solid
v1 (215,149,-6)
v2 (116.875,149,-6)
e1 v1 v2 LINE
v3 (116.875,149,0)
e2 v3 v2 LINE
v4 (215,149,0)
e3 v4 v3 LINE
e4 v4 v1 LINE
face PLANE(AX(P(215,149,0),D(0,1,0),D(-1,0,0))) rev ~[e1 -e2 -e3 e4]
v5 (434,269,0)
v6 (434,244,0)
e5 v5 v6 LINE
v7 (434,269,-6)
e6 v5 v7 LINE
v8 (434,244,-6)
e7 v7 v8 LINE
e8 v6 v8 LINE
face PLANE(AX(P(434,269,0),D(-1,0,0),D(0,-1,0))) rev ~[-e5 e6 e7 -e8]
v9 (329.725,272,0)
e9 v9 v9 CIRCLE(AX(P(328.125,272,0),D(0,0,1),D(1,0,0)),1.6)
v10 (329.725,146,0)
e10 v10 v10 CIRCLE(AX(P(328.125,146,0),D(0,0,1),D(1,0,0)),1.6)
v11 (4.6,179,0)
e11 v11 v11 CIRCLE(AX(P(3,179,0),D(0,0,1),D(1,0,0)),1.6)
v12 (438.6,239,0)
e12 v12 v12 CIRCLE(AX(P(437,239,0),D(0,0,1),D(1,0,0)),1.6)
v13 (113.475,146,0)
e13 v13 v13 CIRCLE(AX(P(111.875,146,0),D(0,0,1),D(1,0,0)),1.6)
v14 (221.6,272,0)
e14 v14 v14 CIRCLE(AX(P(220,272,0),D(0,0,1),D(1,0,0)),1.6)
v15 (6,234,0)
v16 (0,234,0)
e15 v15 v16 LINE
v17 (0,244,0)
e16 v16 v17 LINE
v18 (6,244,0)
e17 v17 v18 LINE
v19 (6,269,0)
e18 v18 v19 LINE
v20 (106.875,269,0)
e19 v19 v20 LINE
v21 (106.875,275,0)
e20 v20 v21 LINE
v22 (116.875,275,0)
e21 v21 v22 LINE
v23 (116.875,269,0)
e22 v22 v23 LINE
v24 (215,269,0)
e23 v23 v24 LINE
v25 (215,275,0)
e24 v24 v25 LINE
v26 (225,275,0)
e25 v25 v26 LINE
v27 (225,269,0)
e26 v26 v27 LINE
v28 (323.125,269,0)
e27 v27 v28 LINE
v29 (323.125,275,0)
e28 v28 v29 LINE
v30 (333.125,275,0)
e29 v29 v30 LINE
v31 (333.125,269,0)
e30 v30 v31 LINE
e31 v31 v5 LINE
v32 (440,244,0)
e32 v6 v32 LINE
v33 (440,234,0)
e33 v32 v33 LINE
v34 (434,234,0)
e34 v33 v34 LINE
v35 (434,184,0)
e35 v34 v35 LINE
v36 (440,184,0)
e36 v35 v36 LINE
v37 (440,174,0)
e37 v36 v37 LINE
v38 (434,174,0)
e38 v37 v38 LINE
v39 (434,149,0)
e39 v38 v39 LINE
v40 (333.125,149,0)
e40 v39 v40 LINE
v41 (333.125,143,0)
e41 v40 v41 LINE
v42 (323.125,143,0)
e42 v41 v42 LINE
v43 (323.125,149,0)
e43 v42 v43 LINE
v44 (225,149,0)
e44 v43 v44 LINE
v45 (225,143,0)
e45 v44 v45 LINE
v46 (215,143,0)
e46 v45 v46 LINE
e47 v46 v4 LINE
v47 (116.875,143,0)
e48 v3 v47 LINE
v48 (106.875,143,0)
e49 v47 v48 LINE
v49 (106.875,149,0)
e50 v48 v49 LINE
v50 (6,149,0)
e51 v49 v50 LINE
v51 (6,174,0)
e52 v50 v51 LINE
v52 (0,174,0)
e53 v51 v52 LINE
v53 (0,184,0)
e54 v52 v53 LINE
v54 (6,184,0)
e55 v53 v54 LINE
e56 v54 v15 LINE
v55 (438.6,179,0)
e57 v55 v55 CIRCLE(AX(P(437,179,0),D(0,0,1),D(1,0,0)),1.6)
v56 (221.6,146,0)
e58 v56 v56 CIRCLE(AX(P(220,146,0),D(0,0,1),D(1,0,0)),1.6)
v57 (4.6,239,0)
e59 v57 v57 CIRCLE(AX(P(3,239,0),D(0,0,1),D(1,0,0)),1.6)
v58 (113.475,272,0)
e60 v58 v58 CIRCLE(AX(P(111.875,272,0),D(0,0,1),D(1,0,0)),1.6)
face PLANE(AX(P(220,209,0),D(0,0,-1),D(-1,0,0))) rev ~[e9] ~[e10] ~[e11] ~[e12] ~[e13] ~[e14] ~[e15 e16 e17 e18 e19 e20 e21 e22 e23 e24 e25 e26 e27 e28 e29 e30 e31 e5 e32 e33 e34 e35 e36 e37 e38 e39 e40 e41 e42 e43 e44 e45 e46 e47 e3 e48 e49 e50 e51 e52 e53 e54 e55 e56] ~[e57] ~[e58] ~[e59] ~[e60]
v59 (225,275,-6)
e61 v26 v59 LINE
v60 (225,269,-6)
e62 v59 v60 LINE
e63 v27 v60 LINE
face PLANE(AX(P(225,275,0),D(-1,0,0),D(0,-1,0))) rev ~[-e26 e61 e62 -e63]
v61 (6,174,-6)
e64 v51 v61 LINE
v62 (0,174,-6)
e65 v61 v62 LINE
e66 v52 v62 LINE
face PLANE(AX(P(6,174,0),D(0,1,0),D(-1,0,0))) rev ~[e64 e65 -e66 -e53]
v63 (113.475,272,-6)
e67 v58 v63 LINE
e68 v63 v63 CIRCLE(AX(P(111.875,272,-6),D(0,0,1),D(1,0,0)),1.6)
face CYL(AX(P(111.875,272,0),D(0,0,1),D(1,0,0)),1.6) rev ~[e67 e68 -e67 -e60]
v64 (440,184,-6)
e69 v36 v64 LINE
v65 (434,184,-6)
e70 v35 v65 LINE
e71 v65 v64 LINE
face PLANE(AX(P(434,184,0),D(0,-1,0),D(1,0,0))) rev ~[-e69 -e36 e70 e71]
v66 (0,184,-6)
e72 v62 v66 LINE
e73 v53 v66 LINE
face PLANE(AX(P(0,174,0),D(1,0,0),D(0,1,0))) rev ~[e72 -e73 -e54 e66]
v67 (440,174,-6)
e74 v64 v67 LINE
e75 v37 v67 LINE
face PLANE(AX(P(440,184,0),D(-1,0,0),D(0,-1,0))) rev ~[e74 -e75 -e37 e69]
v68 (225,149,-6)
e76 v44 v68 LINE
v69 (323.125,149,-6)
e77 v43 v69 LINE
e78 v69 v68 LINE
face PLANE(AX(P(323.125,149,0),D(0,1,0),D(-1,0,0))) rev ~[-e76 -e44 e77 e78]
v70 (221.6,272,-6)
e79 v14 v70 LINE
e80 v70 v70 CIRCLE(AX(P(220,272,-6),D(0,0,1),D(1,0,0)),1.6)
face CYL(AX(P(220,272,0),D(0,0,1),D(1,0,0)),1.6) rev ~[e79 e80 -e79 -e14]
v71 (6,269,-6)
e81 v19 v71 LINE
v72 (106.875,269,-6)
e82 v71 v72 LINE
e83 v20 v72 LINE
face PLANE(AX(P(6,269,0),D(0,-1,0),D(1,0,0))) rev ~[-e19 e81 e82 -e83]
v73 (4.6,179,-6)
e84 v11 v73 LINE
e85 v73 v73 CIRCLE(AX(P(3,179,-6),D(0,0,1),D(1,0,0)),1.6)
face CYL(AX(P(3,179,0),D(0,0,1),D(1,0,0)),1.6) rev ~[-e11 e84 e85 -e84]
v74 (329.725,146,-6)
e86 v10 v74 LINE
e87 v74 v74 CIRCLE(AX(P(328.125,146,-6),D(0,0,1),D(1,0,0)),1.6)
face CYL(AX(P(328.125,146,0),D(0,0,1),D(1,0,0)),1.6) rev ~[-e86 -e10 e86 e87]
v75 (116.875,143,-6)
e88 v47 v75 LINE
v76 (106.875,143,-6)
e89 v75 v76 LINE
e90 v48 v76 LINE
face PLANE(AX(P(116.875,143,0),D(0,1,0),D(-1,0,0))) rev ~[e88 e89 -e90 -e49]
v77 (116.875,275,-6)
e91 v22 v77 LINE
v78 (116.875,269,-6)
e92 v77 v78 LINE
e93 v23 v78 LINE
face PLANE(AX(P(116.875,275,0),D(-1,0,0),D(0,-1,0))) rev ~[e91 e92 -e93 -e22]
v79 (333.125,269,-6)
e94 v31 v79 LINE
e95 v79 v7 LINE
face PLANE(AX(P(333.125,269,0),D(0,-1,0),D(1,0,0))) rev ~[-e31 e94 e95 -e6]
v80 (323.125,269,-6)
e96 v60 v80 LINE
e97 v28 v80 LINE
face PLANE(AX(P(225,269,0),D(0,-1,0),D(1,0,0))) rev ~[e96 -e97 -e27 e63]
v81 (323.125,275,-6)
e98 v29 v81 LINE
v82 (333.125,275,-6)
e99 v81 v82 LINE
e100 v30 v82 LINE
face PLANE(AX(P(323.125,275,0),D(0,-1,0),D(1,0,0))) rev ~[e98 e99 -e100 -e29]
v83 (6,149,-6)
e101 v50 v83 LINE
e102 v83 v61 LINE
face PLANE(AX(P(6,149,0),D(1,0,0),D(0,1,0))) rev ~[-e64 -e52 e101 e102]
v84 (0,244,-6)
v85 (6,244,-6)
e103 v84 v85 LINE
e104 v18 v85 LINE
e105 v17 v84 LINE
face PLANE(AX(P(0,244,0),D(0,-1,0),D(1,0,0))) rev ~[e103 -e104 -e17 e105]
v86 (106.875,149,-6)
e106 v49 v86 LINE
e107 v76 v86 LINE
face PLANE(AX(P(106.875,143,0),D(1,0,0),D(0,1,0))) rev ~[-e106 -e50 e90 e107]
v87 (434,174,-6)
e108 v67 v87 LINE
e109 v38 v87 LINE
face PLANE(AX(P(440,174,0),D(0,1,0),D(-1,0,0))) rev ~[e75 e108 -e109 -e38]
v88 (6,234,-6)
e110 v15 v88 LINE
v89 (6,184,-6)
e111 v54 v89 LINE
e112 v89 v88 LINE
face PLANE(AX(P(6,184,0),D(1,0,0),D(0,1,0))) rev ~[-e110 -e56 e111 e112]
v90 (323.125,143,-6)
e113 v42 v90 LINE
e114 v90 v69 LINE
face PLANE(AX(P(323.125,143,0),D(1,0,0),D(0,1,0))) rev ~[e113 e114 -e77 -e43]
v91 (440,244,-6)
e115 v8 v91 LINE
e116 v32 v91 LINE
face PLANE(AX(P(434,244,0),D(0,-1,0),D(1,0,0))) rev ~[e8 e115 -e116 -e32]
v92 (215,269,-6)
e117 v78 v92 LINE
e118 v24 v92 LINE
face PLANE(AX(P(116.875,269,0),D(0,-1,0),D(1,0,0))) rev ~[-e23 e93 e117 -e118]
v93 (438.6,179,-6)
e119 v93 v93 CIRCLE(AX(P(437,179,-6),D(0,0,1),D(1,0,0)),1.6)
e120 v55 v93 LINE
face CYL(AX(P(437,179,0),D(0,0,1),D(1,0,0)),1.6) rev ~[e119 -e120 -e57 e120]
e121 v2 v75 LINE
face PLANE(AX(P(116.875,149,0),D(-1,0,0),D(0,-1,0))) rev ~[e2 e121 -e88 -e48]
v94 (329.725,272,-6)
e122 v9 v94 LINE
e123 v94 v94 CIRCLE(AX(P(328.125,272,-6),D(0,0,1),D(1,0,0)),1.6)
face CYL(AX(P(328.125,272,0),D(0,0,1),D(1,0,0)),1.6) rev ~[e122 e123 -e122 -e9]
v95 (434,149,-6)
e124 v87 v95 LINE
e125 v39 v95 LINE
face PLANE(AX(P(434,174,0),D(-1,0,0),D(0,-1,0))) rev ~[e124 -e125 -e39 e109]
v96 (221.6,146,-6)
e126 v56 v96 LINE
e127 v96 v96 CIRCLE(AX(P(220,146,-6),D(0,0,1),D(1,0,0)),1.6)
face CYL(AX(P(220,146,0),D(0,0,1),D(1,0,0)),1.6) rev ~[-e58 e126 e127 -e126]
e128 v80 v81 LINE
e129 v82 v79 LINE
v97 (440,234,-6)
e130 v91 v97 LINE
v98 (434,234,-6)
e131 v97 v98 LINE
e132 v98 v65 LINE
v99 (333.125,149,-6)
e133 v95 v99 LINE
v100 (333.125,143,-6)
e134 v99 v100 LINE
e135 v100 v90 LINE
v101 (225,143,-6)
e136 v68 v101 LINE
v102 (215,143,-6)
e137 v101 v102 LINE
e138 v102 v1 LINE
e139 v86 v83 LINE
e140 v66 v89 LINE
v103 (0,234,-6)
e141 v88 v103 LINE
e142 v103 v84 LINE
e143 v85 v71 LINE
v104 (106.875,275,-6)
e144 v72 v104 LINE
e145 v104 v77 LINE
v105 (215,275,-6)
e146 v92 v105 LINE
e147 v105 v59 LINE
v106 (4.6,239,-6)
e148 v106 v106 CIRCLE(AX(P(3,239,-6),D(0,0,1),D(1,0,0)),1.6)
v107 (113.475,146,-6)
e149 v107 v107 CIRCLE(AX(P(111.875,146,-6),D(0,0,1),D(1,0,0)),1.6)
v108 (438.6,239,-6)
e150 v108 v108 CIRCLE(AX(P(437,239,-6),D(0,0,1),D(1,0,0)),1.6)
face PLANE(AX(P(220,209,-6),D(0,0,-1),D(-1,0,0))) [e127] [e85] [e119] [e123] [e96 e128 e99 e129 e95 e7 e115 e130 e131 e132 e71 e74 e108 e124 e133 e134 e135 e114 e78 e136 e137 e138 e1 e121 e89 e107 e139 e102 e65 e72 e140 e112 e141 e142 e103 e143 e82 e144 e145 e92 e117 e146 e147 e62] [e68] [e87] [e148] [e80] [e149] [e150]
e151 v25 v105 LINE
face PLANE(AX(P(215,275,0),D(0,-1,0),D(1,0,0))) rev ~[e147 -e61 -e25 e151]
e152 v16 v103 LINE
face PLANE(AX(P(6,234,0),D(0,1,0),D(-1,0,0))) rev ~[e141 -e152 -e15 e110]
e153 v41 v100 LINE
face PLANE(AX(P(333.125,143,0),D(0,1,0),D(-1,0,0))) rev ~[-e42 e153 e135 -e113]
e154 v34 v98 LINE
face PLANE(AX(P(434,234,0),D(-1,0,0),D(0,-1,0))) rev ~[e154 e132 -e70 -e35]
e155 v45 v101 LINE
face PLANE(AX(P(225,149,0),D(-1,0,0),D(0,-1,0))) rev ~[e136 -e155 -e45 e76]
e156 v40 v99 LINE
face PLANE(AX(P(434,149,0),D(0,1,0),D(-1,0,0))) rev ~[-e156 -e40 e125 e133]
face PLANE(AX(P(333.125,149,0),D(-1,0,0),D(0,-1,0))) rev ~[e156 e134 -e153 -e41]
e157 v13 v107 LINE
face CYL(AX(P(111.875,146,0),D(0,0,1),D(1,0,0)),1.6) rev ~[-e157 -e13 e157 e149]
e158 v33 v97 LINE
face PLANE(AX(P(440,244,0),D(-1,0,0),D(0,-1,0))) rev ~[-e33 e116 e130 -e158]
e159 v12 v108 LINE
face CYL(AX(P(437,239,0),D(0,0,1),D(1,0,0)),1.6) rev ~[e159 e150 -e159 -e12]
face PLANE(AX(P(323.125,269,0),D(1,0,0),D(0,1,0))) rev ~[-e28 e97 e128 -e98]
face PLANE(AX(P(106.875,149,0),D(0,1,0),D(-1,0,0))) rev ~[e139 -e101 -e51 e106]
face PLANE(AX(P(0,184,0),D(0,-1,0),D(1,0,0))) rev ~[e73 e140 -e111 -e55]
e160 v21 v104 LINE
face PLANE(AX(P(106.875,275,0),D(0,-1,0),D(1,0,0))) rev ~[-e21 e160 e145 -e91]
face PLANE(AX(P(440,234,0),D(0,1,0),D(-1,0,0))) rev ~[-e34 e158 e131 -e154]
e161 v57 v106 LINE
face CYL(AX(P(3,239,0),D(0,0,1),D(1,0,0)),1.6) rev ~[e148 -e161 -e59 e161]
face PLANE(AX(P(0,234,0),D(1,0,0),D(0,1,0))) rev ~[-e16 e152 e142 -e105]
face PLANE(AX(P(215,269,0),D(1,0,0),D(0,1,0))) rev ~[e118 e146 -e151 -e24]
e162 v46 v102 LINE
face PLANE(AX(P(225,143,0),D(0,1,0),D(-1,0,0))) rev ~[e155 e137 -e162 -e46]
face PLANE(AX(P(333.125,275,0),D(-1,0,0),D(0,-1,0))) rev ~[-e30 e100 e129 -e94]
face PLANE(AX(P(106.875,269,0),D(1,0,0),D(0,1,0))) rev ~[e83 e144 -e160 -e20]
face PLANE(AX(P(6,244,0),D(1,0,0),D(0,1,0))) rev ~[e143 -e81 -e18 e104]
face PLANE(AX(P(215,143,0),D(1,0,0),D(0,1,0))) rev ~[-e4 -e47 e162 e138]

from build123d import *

# Parameters (mm, degrees)
SKETCH1_R           = 1.6
BOSS_EXTRUDE1_DEPTH = 6


with BuildPart() as part:
    # Sketch1 → Boss-Extrude1 (new body)
    with BuildSketch(Plane.XY):
        Polygon((6, 269), (106.875, 269), (106.875, 275), (116.875, 275), (116.875, 269), (215, 269), (215, 275), (225, 275), (225, 269), (323.125, 269), (323.125, 275), (333.125, 275), (333.125, 269), (434, 269), (434, 244), (440, 244), (440, 234), (434, 234), (434, 184), (440, 184), (440, 174), (434, 174), (434, 149), (333.125, 149), (333.125, 143), (323.125, 143), (323.125, 149), (225, 149), (225, 143), (215, 143), (215, 149), (116.875, 149), (116.875, 143), (106.875, 143), (106.875, 149), (6, 149), (6, 174), (0, 174), (0, 184), (6, 184), (6, 234), (0, 234), (0, 244), (6, 244), align=None)
        with Locations((111.875, 146)):
            Circle(SKETCH1_R, mode=Mode.SUBTRACT)
        with Locations((220, 146)):
            Circle(SKETCH1_R, mode=Mode.SUBTRACT)
        with Locations((328.125, 146)):
            Circle(SKETCH1_R, mode=Mode.SUBTRACT)
        with Locations((328.125, 272)):
            Circle(SKETCH1_R, mode=Mode.SUBTRACT)
        with Locations((220, 272)):
            Circle(SKETCH1_R, mode=Mode.SUBTRACT)
        with Locations((111.875, 272)):
            Circle(SKETCH1_R, mode=Mode.SUBTRACT)
        with Locations((3, 239)):
            Circle(SKETCH1_R, mode=Mode.SUBTRACT)
        with Locations((3, 179)):
            Circle(SKETCH1_R, mode=Mode.SUBTRACT)
        with Locations((437, 239)):
            Circle(SKETCH1_R, mode=Mode.SUBTRACT)
        with Locations((437, 179)):
            Circle(SKETCH1_R, mode=Mode.SUBTRACT)
    extrude(amount=-BOSS_EXTRUDE1_DEPTH)


solid = part.part
